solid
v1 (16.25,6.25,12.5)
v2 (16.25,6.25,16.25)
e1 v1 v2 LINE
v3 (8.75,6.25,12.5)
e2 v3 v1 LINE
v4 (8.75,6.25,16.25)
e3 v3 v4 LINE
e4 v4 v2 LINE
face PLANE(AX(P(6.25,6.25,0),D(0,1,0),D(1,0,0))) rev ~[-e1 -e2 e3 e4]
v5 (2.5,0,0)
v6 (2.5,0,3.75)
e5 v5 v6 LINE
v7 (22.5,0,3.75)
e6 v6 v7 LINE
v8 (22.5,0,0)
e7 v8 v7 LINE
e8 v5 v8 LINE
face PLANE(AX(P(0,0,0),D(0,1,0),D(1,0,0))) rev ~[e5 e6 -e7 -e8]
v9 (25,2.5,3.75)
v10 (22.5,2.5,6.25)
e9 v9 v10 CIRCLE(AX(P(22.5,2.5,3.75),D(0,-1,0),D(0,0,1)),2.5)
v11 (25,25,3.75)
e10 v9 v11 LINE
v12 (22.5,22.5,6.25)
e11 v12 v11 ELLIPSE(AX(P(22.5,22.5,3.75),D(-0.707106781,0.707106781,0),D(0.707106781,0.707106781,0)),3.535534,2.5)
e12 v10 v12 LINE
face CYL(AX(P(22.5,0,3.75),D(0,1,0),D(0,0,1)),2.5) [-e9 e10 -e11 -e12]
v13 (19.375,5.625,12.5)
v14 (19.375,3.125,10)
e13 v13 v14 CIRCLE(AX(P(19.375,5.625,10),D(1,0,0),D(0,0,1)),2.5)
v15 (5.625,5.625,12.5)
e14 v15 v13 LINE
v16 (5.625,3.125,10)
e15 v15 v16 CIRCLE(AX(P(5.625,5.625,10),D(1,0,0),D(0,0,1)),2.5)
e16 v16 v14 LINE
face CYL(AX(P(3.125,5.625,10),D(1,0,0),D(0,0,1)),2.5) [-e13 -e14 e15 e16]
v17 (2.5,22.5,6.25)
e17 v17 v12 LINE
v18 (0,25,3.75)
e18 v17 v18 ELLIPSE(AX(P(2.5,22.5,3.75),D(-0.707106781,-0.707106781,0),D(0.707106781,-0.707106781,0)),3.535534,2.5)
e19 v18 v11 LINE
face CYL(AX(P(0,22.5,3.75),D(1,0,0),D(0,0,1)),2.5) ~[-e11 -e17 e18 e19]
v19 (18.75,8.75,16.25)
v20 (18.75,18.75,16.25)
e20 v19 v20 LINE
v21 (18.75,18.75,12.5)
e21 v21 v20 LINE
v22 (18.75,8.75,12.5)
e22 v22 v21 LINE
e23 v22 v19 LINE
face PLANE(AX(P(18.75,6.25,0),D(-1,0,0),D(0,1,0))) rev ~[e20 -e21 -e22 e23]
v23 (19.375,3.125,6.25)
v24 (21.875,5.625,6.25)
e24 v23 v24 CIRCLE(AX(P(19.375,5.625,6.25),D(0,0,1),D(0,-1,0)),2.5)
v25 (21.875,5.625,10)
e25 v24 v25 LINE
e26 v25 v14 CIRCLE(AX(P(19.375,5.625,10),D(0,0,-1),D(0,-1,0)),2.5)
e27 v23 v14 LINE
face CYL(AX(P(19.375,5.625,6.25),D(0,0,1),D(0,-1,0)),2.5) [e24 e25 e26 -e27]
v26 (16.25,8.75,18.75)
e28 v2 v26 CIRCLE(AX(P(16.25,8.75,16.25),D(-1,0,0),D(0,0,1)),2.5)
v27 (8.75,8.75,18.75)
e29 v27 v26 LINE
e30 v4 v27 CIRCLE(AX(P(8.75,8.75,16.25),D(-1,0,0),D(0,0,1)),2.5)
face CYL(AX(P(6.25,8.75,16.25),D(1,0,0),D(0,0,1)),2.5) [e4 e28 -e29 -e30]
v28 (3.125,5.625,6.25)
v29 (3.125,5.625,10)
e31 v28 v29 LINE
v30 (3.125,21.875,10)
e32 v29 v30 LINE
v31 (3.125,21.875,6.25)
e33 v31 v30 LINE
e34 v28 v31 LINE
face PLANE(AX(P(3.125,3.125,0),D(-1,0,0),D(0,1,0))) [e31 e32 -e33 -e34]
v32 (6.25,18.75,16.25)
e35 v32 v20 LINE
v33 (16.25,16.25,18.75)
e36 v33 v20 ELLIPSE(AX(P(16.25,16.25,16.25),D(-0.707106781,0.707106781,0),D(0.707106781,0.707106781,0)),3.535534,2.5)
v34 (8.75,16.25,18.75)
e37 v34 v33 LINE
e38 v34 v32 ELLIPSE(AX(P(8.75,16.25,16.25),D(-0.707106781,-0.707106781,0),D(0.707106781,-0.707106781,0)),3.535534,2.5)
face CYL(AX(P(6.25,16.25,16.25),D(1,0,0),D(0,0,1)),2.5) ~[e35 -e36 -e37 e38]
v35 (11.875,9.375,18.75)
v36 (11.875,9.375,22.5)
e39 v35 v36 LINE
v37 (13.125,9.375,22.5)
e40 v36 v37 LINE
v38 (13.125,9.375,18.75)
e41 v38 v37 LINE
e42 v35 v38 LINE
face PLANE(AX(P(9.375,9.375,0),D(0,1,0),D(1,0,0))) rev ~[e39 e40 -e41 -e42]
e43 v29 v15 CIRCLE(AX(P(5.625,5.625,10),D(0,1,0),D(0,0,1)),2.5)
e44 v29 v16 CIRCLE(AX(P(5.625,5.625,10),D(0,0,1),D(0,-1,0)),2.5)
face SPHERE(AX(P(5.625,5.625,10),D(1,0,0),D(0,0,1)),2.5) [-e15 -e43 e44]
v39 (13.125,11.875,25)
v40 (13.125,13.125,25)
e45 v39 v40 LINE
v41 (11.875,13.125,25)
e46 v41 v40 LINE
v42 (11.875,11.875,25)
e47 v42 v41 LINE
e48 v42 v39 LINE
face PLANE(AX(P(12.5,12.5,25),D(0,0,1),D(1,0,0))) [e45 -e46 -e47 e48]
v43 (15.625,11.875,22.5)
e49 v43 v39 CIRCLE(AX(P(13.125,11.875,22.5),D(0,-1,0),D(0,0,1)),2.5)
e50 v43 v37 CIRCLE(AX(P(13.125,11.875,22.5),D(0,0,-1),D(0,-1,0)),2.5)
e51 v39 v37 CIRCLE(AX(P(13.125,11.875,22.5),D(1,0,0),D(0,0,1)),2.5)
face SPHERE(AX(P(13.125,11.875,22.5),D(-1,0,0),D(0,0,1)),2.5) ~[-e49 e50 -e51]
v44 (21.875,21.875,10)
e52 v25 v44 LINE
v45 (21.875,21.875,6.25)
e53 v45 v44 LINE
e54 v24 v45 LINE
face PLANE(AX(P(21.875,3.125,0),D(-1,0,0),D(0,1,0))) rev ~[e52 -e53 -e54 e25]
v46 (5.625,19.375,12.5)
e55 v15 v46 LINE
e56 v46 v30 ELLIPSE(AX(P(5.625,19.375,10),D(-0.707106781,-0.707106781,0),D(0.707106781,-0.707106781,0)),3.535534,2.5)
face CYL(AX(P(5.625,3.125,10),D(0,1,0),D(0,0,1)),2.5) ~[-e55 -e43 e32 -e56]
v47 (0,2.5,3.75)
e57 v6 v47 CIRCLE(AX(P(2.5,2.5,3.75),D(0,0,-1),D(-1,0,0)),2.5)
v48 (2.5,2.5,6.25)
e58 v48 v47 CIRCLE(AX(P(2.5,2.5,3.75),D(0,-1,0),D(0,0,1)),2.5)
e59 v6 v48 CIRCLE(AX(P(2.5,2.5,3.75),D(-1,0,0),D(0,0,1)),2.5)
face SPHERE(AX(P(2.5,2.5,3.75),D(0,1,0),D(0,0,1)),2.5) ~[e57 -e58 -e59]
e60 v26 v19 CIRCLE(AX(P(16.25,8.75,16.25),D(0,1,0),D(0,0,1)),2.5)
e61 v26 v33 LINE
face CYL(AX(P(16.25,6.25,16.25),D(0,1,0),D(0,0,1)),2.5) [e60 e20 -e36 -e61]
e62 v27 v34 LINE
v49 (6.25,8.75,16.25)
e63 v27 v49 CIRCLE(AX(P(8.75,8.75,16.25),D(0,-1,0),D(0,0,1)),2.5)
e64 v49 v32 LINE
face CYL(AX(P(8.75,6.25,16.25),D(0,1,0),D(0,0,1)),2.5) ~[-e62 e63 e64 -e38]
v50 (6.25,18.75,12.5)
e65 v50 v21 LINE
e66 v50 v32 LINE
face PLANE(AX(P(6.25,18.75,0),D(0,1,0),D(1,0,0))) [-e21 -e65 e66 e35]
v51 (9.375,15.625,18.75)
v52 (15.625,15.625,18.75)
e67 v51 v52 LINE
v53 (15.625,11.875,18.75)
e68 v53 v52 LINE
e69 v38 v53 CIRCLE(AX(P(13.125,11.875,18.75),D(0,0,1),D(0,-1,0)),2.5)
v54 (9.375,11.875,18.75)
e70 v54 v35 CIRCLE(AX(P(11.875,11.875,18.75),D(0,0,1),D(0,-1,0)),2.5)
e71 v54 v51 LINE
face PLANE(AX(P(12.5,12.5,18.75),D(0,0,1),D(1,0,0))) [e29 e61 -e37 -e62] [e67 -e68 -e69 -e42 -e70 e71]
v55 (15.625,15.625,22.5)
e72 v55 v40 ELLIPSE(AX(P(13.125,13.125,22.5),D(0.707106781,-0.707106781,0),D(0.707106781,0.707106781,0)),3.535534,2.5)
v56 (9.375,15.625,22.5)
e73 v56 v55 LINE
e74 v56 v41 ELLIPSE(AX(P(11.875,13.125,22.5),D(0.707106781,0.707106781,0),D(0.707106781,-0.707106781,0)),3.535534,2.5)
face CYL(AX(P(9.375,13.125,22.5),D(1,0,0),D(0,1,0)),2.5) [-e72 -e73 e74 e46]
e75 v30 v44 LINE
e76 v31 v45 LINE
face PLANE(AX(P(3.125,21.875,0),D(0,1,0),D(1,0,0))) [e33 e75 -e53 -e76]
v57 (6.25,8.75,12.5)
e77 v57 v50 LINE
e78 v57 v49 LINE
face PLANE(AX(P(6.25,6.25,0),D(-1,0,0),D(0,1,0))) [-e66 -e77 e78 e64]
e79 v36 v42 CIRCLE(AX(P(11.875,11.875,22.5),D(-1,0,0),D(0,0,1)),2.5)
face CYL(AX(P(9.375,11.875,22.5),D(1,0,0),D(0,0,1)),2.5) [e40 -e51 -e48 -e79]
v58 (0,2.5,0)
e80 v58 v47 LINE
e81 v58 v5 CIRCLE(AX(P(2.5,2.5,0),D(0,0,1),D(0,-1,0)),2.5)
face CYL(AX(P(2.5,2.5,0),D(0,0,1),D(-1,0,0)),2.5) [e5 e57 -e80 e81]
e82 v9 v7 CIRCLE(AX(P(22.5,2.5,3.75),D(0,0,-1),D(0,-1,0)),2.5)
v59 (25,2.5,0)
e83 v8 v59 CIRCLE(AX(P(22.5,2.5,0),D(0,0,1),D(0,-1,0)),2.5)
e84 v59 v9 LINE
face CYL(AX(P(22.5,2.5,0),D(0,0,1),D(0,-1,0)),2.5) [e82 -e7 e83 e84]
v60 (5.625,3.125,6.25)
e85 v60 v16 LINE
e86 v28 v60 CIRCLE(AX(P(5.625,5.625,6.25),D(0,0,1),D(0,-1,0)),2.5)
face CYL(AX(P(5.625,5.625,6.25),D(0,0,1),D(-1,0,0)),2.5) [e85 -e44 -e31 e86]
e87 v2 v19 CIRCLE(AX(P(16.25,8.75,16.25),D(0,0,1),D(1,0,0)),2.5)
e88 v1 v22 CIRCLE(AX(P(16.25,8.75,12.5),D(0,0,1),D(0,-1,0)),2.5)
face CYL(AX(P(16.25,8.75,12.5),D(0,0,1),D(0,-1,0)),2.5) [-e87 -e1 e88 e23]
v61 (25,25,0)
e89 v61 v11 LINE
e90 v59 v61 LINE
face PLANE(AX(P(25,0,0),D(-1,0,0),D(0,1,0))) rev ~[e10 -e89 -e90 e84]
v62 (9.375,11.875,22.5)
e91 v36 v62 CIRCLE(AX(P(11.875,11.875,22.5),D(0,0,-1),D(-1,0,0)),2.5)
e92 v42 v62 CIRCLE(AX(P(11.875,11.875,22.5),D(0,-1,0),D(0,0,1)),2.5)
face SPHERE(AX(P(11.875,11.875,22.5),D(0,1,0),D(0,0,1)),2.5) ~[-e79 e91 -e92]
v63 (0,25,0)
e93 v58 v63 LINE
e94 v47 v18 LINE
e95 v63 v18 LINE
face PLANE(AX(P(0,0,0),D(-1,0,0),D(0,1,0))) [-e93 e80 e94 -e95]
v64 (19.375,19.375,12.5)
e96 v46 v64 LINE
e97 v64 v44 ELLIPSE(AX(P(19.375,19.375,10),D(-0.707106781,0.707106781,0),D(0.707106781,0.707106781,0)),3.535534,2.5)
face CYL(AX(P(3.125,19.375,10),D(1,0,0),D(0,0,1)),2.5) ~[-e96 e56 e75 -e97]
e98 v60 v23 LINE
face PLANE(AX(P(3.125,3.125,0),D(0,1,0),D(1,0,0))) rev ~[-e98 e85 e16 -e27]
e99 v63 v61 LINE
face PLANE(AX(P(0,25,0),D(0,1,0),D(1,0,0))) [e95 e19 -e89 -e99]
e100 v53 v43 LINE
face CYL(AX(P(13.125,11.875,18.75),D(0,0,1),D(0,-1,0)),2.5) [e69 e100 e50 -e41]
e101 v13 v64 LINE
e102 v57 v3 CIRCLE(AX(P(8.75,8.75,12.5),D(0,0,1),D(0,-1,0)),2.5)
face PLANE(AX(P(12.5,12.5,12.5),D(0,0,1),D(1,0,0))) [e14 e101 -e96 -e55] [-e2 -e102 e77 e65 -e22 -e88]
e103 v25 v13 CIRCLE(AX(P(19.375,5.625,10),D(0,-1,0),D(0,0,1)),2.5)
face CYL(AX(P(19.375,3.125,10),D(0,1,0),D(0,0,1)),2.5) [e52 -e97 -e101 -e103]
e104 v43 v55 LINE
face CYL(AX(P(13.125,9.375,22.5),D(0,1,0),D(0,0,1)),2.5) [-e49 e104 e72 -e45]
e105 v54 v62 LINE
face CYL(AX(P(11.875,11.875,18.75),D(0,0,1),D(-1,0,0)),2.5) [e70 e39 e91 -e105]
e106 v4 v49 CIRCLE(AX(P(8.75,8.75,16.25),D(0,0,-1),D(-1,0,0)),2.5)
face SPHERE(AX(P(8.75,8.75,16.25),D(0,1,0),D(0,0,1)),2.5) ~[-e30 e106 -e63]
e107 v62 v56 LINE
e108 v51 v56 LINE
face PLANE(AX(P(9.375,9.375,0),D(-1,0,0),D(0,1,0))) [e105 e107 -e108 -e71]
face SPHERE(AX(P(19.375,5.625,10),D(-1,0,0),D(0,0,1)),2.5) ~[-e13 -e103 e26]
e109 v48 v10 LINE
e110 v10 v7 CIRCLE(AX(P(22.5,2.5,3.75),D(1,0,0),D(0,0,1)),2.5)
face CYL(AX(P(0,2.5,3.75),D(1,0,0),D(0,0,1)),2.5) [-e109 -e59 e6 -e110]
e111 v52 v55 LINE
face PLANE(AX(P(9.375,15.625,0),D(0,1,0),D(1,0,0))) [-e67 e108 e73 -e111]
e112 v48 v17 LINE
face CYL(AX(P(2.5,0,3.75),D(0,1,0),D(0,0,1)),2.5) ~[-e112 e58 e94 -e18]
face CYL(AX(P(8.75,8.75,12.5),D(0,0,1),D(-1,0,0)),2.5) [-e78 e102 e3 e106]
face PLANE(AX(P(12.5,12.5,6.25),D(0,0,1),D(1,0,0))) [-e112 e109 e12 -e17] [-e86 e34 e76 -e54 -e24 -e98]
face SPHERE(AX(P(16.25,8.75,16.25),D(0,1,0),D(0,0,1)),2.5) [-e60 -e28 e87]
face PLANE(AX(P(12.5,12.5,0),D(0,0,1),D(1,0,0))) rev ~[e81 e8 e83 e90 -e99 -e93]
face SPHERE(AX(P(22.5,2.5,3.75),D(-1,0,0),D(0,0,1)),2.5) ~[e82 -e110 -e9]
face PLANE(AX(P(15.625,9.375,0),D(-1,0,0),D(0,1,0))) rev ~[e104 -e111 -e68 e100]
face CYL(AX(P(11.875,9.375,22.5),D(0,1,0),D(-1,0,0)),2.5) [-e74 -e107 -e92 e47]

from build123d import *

# Parameters (mm, degrees)
F1_W     = 25
F1_H     = 25
F1_W_2   = 18.75
F1_H_2   = 18.75
F2_DEPTH = 6.25
F1_W_3   = 12.5
F1_H_3   = 12.5
F3_DEPTH = 12.5
F1_W_4   = 6.25
F1_H_4   = 6.25
F4_DEPTH = 18.75
F5_DEPTH = 25
F6_R     = 2.5


with BuildPart() as f2:
    # F1 (on Top) → F2 (new body)
    with BuildSketch(Plane.XY):
        with Locations((12.5, 12.5)):
            Rectangle(F1_W, F1_H)
        with Locations((12.5, 12.5)):
            Rectangle(F1_W_2, F1_H_2, mode=Mode.SUBTRACT)
    extrude(amount=F2_DEPTH)

    # F1 (on Top) → F3 (join)
    with BuildSketch(Plane.XY):
        with Locations((12.5, 12.5)):
            Rectangle(F1_W_2, F1_H_2)
        with Locations((12.5, 12.5)):
            Rectangle(F1_W_3, F1_H_3, mode=Mode.SUBTRACT)
    extrude(amount=F3_DEPTH)

    # F1 (on Top) → F4 (join)
    with BuildSketch(Plane.XY):
        with Locations((12.5, 12.5)):
            Rectangle(F1_W_3, F1_H_3)
        with Locations((12.5, 12.5)):
            Rectangle(F1_W_4, F1_H_4, mode=Mode.SUBTRACT)
    extrude(amount=F4_DEPTH)

    # F1 (on Top) → F5 (join)
    with BuildSketch(Plane.XY):
        with Locations((12.5, 12.5)):
            Rectangle(F1_W_4, F1_H_4)
    extrude(amount=F5_DEPTH)

    # F6
    f6_edges = [f2.edges().sort_by_distance(p)[0] for p in [
        (18.75, 12.5, 18.75),
        (12.5, 18.75, 18.75),
        (6.25, 12.5, 18.75),
        (12.5, 6.25, 18.75),
        (12.5, 15.625, 25),
        (9.375, 12.5, 25),
        (12.5, 9.375, 25),
        (15.625, 12.5, 25),
        (12.5, 3.125, 12.5),
        (21.875, 12.5, 12.5),
        (12.5, 21.875, 12.5),
        (3.125, 12.5, 12.5),
        (12.5, 25, 6.25),
        (0, 12.5, 6.25),
        (12.5, 0, 6.25),
        (15.625, 9.375, 21.875),
        (9.375, 9.375, 21.875),
        (6.25, 6.25, 15.625),
        (18.75, 6.25, 15.625),
        (3.125, 3.125, 9.375),
        (21.875, 3.125, 9.375),
        (25, 12.5, 6.25),
        (25, 0, 3.125),
        (0, 0, 3.125),
    ]]
    fillet(f6_edges, radius=F6_R)


solid = f2.part
